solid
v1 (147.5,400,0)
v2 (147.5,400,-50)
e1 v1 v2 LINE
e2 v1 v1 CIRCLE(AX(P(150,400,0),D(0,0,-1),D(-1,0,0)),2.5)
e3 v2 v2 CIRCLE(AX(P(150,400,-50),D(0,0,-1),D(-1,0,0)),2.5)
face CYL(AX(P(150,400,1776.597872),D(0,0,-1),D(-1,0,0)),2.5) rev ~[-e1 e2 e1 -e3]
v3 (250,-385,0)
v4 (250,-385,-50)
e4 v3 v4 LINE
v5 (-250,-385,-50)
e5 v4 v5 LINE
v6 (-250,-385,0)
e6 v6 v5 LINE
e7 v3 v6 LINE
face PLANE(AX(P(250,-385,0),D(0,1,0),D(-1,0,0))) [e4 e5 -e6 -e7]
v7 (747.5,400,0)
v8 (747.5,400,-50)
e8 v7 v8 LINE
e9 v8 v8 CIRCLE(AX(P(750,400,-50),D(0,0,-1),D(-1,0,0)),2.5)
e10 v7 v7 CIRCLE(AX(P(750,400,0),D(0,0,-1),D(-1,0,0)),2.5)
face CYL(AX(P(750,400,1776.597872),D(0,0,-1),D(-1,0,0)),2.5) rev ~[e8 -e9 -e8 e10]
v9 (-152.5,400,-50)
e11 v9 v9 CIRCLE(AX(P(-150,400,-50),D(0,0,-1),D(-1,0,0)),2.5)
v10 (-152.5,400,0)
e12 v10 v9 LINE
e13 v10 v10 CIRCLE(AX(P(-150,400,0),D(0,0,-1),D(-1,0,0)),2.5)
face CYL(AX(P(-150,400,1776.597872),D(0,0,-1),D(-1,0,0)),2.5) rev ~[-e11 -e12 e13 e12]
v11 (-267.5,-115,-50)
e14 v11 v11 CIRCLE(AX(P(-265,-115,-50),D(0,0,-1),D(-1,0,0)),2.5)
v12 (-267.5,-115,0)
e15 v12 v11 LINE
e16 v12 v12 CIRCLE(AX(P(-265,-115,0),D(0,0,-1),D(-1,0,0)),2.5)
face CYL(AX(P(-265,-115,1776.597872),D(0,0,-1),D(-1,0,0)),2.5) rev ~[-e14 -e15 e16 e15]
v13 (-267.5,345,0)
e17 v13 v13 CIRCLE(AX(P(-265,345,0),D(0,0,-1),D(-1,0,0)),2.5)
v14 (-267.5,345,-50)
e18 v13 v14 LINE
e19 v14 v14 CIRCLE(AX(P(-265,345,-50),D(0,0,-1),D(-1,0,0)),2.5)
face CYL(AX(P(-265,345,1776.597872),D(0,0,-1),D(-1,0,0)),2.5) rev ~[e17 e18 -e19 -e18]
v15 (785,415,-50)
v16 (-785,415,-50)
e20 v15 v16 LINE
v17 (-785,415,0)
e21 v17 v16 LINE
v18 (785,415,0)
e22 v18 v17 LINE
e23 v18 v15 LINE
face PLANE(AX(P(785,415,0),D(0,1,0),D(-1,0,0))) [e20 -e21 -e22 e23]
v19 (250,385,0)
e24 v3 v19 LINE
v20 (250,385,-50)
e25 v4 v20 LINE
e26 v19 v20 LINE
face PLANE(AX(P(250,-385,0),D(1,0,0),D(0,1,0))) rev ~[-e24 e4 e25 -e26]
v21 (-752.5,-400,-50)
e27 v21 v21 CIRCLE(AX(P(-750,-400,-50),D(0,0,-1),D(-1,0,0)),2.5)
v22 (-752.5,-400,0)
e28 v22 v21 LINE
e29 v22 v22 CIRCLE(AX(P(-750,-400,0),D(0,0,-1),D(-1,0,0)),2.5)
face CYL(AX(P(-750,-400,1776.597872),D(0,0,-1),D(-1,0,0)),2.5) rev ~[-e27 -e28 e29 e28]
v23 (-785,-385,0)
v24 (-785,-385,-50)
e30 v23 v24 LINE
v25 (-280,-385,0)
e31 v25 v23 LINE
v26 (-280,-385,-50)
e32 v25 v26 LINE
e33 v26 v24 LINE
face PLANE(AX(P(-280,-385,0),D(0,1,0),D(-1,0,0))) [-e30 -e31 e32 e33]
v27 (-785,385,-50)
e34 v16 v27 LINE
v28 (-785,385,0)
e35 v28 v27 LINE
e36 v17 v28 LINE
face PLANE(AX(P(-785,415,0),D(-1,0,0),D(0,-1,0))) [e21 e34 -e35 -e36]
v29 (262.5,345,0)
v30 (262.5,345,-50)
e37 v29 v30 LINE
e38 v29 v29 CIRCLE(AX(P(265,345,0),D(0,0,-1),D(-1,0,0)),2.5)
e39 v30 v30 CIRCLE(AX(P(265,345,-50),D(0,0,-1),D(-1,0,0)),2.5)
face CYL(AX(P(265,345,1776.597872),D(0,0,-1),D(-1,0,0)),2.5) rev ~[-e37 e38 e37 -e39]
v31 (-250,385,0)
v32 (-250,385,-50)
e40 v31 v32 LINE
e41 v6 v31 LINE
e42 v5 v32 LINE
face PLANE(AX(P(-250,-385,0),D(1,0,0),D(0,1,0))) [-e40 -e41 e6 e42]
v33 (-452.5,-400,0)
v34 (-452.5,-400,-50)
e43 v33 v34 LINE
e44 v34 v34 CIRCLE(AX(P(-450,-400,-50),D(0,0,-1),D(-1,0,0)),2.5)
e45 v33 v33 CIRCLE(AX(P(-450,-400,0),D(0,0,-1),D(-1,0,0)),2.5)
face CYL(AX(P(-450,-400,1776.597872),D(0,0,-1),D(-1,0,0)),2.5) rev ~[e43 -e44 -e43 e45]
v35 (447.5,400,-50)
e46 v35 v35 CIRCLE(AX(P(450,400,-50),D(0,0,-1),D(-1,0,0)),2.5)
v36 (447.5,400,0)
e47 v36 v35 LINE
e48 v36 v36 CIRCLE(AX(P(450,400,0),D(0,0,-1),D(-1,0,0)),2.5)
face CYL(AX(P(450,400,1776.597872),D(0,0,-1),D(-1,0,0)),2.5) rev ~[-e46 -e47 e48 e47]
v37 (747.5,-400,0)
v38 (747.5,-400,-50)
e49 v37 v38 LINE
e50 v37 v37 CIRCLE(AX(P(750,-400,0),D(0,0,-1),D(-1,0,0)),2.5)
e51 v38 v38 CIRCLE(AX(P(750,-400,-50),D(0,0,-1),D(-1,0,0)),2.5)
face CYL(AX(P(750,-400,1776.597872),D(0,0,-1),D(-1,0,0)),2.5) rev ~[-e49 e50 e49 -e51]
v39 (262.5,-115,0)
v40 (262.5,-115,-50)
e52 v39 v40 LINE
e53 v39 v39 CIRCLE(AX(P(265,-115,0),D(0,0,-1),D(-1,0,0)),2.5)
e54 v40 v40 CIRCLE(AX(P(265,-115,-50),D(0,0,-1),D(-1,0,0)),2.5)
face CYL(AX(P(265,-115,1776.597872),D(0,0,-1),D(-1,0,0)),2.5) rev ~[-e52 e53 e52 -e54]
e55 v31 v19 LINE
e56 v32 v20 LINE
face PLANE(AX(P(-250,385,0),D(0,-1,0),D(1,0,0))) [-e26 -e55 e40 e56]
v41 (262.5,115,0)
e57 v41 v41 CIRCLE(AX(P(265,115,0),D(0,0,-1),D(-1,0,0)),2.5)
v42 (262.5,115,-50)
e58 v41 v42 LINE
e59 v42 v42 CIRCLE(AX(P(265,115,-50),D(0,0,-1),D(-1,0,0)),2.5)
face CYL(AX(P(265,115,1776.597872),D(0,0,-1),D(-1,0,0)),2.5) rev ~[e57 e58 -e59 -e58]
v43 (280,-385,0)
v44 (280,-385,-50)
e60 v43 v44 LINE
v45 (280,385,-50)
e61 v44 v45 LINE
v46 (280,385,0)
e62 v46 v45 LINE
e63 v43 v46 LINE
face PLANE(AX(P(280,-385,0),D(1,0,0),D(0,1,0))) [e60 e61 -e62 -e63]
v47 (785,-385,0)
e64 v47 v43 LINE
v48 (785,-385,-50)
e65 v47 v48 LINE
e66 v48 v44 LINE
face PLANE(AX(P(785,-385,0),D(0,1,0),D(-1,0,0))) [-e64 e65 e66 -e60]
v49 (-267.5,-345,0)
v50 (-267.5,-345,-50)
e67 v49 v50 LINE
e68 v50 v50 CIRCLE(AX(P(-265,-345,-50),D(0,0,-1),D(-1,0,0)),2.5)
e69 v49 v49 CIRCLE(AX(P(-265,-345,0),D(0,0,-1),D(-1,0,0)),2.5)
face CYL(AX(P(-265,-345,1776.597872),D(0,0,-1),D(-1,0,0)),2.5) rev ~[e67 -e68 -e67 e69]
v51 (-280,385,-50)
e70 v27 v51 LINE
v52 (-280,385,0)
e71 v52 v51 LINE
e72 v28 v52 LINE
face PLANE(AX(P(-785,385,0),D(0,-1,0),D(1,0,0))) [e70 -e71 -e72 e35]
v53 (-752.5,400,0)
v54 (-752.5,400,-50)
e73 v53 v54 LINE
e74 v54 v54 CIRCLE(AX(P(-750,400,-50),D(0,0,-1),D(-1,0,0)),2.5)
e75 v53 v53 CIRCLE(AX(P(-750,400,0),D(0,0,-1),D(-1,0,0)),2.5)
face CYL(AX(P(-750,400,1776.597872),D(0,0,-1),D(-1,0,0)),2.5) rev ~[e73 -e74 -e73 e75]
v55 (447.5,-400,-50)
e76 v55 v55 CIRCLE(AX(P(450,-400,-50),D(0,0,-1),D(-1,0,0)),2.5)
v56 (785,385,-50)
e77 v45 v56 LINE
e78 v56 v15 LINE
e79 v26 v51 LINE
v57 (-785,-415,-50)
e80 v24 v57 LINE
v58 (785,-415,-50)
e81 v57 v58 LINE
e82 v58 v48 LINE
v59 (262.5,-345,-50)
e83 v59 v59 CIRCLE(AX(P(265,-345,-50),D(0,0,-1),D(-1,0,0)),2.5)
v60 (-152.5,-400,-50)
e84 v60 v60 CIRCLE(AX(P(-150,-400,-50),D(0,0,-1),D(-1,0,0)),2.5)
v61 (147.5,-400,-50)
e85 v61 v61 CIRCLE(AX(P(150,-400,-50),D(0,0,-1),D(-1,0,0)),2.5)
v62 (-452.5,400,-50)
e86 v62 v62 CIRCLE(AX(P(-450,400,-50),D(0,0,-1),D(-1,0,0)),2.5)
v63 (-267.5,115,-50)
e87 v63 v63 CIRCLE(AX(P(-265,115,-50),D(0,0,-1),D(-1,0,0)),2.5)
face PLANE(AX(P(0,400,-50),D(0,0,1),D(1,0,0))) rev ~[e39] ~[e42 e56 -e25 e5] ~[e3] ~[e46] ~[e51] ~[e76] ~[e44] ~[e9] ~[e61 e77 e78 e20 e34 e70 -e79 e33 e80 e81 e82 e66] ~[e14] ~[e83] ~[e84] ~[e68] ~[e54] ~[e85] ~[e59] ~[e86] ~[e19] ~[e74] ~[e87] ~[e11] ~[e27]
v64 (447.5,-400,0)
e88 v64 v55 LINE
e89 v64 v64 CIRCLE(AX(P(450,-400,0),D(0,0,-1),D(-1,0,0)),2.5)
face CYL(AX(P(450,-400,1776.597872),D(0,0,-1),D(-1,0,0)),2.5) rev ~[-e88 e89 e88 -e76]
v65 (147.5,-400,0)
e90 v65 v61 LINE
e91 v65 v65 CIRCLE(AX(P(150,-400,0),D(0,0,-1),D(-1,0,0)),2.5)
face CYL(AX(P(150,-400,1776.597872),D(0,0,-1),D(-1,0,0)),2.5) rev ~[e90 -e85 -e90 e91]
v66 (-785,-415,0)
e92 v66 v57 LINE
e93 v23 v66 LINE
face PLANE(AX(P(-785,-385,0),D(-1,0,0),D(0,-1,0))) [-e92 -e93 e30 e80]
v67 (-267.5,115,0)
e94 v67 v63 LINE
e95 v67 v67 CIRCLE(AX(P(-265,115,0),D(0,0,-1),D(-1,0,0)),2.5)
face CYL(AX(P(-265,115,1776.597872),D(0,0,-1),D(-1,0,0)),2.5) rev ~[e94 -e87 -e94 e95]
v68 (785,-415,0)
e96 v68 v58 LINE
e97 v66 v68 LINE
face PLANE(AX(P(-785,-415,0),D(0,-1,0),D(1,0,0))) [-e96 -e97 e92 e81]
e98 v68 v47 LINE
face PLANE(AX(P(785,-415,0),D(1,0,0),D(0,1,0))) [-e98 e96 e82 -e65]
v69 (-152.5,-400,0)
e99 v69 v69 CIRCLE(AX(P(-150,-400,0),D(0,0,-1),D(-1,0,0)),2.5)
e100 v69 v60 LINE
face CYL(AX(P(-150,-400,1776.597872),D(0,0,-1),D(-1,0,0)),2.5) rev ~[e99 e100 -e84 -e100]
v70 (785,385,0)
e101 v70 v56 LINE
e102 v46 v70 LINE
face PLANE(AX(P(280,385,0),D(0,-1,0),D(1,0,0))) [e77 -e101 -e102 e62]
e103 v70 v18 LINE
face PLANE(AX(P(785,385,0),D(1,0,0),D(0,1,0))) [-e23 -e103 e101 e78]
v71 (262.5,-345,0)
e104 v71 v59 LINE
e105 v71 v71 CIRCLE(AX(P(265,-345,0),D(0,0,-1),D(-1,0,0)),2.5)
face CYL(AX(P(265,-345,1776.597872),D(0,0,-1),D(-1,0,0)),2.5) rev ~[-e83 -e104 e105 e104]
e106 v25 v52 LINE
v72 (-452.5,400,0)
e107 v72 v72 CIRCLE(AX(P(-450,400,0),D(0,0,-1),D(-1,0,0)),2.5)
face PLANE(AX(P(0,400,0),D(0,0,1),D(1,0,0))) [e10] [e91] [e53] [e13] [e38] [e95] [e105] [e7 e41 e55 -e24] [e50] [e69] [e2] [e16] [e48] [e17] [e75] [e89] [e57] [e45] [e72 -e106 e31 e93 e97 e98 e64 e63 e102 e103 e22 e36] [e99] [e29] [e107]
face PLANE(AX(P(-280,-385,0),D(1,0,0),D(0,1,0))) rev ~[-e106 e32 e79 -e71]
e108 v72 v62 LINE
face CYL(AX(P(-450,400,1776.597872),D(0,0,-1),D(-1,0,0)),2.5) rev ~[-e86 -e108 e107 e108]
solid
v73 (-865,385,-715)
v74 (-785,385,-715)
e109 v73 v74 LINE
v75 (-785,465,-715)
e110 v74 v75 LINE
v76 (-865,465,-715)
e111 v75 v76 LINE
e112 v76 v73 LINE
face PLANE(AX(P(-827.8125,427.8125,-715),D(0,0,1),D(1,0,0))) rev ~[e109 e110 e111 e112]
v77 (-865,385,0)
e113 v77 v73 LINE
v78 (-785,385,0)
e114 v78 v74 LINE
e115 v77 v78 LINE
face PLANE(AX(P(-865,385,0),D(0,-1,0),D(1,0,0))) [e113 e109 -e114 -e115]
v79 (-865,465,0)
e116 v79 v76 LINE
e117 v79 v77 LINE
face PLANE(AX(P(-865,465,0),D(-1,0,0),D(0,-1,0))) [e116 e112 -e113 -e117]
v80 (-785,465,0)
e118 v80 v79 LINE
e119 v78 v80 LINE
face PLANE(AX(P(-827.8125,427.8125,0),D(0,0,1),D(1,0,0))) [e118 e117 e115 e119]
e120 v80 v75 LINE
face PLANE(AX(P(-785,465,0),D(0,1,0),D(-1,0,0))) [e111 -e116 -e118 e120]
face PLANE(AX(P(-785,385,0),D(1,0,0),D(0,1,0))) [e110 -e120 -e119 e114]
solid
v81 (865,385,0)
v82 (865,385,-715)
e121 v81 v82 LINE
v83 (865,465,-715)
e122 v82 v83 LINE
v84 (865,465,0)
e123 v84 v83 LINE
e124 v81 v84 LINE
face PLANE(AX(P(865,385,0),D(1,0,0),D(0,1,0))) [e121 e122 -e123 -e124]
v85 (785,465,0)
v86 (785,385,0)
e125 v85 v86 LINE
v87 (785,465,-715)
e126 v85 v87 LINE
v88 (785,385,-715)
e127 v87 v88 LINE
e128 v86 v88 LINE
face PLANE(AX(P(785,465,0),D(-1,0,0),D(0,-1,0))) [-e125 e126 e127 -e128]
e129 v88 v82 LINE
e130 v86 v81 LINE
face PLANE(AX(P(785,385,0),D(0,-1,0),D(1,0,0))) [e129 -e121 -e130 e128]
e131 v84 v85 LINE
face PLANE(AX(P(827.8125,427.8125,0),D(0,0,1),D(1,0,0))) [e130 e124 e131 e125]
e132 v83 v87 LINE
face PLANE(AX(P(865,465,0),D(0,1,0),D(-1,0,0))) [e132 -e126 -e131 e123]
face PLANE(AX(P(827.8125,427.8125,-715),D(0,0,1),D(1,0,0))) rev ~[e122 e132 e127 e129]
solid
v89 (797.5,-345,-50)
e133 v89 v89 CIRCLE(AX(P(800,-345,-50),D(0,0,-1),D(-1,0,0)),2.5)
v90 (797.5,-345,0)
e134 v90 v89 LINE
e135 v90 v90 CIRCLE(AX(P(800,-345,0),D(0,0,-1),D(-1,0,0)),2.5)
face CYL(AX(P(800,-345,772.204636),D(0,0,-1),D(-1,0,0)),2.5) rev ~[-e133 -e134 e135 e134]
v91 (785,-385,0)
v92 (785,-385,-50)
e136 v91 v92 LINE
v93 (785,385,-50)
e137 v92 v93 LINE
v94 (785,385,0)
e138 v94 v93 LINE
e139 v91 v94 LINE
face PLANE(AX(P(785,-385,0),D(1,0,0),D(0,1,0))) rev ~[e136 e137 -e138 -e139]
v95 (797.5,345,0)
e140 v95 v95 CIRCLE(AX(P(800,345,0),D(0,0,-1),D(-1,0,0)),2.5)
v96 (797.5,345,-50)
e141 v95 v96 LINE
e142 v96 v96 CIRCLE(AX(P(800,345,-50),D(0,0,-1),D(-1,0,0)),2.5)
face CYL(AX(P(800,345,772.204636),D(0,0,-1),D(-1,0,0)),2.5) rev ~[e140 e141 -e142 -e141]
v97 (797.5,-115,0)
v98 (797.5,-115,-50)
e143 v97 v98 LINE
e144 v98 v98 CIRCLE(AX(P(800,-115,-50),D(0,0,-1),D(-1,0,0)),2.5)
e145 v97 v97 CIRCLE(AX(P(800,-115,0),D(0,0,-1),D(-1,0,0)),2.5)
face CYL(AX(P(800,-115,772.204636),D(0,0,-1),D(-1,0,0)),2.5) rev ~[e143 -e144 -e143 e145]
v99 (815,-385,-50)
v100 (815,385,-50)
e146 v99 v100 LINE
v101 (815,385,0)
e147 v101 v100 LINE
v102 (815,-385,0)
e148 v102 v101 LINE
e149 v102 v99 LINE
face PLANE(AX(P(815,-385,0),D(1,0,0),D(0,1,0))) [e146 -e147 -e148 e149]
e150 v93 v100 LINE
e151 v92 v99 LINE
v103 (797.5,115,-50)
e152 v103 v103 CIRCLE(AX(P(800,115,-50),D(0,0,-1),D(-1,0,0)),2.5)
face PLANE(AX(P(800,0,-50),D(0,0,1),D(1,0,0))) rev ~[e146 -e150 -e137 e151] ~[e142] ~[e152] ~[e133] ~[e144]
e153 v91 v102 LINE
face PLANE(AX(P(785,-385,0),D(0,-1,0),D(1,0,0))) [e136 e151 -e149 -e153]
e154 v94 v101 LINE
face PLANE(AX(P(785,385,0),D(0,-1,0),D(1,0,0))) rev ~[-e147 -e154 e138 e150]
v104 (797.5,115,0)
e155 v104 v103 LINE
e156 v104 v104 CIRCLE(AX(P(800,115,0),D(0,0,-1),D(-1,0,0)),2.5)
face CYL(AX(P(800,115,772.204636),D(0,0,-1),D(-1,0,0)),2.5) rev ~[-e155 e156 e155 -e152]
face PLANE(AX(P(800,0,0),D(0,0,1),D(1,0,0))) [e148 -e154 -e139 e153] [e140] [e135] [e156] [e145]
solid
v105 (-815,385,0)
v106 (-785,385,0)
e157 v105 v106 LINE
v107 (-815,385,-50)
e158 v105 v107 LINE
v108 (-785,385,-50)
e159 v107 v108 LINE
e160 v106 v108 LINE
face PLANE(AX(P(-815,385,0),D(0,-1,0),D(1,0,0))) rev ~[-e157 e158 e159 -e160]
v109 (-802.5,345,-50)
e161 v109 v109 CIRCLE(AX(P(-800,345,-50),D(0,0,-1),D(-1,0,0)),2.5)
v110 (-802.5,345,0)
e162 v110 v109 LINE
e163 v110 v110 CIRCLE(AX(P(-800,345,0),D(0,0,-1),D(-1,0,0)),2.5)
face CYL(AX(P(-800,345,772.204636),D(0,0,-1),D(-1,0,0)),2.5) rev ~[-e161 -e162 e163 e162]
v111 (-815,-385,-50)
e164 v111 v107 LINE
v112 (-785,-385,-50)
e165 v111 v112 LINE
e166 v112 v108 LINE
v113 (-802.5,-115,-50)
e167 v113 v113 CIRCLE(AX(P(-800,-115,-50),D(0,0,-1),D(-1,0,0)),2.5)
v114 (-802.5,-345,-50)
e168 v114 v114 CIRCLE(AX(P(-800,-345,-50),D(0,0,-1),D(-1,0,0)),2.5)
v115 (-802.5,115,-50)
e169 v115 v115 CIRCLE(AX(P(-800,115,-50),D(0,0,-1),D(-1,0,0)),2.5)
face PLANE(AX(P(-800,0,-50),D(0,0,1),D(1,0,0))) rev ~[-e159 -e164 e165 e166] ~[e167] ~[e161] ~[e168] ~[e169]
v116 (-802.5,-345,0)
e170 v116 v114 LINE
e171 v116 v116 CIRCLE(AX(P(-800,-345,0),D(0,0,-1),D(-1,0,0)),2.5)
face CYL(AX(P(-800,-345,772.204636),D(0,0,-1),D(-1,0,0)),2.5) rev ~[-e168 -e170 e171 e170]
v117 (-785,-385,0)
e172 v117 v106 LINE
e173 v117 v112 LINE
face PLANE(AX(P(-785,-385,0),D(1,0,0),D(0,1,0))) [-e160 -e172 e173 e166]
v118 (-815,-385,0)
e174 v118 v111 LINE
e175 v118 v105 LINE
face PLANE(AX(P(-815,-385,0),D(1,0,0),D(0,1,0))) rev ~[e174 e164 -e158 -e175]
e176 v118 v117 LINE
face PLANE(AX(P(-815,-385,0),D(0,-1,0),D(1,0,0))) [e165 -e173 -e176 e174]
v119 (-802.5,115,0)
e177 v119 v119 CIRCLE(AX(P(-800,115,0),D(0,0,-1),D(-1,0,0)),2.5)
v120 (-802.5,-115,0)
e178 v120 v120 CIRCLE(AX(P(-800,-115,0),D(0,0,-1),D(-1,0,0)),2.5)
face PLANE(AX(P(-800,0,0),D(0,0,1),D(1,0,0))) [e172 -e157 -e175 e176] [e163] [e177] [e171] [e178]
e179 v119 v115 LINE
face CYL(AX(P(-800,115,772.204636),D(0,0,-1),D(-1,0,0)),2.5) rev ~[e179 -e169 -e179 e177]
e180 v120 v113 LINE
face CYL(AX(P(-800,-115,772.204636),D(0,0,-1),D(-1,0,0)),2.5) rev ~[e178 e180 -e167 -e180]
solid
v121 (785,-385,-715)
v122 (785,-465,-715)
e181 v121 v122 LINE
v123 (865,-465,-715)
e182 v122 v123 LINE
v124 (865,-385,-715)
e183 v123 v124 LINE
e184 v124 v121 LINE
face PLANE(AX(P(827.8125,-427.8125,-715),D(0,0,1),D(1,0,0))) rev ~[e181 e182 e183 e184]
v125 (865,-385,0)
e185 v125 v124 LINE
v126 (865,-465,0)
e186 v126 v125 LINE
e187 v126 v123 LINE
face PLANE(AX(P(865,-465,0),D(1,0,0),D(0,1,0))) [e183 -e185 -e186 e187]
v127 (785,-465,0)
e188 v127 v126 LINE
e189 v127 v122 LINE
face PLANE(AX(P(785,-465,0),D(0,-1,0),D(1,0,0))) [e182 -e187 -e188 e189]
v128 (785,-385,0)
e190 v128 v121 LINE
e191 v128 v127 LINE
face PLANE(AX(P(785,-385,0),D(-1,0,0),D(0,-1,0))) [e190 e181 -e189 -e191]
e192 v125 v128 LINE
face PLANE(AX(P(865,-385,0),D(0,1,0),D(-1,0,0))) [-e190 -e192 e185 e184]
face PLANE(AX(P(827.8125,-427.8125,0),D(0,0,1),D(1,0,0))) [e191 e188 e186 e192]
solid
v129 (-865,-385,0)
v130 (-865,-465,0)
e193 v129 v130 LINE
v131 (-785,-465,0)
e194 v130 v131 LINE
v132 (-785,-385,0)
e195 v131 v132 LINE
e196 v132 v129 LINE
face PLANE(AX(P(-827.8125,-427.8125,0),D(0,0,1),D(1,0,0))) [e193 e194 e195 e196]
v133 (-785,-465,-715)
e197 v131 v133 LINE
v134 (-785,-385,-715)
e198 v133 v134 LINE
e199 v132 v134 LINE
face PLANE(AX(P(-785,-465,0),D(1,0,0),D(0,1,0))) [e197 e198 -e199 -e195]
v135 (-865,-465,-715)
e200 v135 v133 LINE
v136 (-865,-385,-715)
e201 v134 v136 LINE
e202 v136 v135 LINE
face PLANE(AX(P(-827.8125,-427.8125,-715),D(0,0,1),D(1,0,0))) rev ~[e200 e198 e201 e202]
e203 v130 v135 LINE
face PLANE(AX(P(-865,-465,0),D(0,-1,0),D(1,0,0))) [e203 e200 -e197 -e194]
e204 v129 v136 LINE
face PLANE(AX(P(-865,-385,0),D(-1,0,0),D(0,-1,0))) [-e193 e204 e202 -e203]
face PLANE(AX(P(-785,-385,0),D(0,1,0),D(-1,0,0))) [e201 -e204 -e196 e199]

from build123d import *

# Parameters (mm, degrees)
F0_W     = 30
F0_H     = 30
F1_DEPTH = 715
F0_H_2   = 770
F2_DEPTH = 50
F3_D     = 5
F3_2_D   = 5
F3_3_D   = 5


with BuildPart() as f1:
    # F0 (on Top) → F1 (new body)
    with BuildSketch(Plane.XY):
        Polygon((865, -385), (815, -385), (815, -415), (785, -415), (785, -465), (865, -465), align=None)
        with Locations((800, -400)):
            Rectangle(F0_W, F0_H)
    extrude(amount=-F1_DEPTH)


with BuildPart() as f1b:
    # F0 (on Top) → F1, piece 2 (new body)
    with BuildSketch(Plane.XY):
        Polygon((785, 465), (785, 415), (815, 415), (815, 385), (865, 385), (865, 465), align=None)
        with Locations((800, 400)):
            Rectangle(F0_W, F0_H)
    extrude(amount=-F1_DEPTH)


with BuildPart() as f1c:
    # F0 (on Top) → F1, piece 3 (new body)
    with BuildSketch(Plane.XY):
        Polygon((-815, 385), (-815, 415), (-785, 415), (-785, 465), (-865, 465), (-865, 385), align=None)
        with Locations((-800, 400)):
            Rectangle(F0_W, F0_H)
    extrude(amount=-F1_DEPTH)


with BuildPart() as f1d:
    # F0 (on Top) → F1, piece 4 (new body)
    with BuildSketch(Plane.XY):
        Polygon((-815, -415), (-815, -385), (-865, -385), (-865, -465), (-785, -465), (-785, -415), align=None)
        with Locations((-800, -400)):
            Rectangle(F0_W, F0_H)
    extrude(amount=-F1_DEPTH)


with BuildPart() as f2:
    # F0 (on Top) → F2 (new body)
    with BuildSketch(Plane.XY):
        Polygon((785, 415), (-785, 415), (-785, 385), (-280, 385), (-250, 385), (250, 385), (280, 385), (785, 385), align=None)
        Polygon((-280, -385), (-785, -385), (-785, -415), (785, -415), (785, -385), (280, -385), (250, -385), (-250, -385), align=None)
        with Locations((265, 0)):
            Rectangle(F0_W, F0_H_2)
        with Locations((-265, 0)):
            Rectangle(F0_W, F0_H_2)
    extrude(amount=-F2_DEPTH)

    # F3 (through all)
    with Locations(Plane.XY):
        with Locations((-450, 400), (-150, 400), (150, 400), (450, 400), (800, 345), (750, 400), (-750, 400), (-800, 345), (-800, 115), (-800, -115), (-800, -345), (-750, -400), (-450, -400), (-150, -400), (150, -400), (450, -400), (750, -400), (800, -115), (800, -345), (800, 115), (-265, 345), (-265, 115), (-265, -115), (-265, -345), (265, -345), (265, -115), (265, 115), (265, 345)):
            Hole(F3_D / 2)


with BuildPart() as f2b:
    # F0 (on Top) → F2, piece 2 (new body)
    with BuildSketch(Plane.XY):
        with Locations((-800, 0)):
            Rectangle(F0_W, F0_H_2)
    extrude(amount=-F2_DEPTH)

    # F3#2 (through all)
    with Locations(Plane.XY):
        with Locations((-450, 400), (-150, 400), (150, 400), (450, 400), (800, 345), (750, 400), (-750, 400), (-800, 345), (-800, 115), (-800, -115), (-800, -345), (-750, -400), (-450, -400), (-150, -400), (150, -400), (450, -400), (750, -400), (800, -115), (800, -345), (800, 115), (-265, 345), (-265, 115), (-265, -115), (-265, -345), (265, -345), (265, -115), (265, 115), (265, 345)):
            Hole(F3_2_D / 2)


with BuildPart() as f2c:
    # F0 (on Top) → F2, piece 3 (new body)
    with BuildSketch(Plane.XY):
        with Locations((800, 0)):
            Rectangle(F0_W, F0_H_2)
    extrude(amount=-F2_DEPTH)

    # F3#3 (through all)
    with Locations(Plane.XY):
        with Locations((-450, 400), (-150, 400), (150, 400), (450, 400), (800, 345), (750, 400), (-750, 400), (-800, 345), (-800, 115), (-800, -115), (-800, -345), (-750, -400), (-450, -400), (-150, -400), (150, -400), (450, -400), (750, -400), (800, -115), (800, -345), (800, 115), (-265, 345), (-265, 115), (-265, -115), (-265, -345), (265, -345), (265, -115), (265, 115), (265, 345)):
            Hole(F3_3_D / 2)


solid = Compound([f1.part, f1b.part, f1c.part, f1d.part, f2.part, f2b.part, f2c.part])
